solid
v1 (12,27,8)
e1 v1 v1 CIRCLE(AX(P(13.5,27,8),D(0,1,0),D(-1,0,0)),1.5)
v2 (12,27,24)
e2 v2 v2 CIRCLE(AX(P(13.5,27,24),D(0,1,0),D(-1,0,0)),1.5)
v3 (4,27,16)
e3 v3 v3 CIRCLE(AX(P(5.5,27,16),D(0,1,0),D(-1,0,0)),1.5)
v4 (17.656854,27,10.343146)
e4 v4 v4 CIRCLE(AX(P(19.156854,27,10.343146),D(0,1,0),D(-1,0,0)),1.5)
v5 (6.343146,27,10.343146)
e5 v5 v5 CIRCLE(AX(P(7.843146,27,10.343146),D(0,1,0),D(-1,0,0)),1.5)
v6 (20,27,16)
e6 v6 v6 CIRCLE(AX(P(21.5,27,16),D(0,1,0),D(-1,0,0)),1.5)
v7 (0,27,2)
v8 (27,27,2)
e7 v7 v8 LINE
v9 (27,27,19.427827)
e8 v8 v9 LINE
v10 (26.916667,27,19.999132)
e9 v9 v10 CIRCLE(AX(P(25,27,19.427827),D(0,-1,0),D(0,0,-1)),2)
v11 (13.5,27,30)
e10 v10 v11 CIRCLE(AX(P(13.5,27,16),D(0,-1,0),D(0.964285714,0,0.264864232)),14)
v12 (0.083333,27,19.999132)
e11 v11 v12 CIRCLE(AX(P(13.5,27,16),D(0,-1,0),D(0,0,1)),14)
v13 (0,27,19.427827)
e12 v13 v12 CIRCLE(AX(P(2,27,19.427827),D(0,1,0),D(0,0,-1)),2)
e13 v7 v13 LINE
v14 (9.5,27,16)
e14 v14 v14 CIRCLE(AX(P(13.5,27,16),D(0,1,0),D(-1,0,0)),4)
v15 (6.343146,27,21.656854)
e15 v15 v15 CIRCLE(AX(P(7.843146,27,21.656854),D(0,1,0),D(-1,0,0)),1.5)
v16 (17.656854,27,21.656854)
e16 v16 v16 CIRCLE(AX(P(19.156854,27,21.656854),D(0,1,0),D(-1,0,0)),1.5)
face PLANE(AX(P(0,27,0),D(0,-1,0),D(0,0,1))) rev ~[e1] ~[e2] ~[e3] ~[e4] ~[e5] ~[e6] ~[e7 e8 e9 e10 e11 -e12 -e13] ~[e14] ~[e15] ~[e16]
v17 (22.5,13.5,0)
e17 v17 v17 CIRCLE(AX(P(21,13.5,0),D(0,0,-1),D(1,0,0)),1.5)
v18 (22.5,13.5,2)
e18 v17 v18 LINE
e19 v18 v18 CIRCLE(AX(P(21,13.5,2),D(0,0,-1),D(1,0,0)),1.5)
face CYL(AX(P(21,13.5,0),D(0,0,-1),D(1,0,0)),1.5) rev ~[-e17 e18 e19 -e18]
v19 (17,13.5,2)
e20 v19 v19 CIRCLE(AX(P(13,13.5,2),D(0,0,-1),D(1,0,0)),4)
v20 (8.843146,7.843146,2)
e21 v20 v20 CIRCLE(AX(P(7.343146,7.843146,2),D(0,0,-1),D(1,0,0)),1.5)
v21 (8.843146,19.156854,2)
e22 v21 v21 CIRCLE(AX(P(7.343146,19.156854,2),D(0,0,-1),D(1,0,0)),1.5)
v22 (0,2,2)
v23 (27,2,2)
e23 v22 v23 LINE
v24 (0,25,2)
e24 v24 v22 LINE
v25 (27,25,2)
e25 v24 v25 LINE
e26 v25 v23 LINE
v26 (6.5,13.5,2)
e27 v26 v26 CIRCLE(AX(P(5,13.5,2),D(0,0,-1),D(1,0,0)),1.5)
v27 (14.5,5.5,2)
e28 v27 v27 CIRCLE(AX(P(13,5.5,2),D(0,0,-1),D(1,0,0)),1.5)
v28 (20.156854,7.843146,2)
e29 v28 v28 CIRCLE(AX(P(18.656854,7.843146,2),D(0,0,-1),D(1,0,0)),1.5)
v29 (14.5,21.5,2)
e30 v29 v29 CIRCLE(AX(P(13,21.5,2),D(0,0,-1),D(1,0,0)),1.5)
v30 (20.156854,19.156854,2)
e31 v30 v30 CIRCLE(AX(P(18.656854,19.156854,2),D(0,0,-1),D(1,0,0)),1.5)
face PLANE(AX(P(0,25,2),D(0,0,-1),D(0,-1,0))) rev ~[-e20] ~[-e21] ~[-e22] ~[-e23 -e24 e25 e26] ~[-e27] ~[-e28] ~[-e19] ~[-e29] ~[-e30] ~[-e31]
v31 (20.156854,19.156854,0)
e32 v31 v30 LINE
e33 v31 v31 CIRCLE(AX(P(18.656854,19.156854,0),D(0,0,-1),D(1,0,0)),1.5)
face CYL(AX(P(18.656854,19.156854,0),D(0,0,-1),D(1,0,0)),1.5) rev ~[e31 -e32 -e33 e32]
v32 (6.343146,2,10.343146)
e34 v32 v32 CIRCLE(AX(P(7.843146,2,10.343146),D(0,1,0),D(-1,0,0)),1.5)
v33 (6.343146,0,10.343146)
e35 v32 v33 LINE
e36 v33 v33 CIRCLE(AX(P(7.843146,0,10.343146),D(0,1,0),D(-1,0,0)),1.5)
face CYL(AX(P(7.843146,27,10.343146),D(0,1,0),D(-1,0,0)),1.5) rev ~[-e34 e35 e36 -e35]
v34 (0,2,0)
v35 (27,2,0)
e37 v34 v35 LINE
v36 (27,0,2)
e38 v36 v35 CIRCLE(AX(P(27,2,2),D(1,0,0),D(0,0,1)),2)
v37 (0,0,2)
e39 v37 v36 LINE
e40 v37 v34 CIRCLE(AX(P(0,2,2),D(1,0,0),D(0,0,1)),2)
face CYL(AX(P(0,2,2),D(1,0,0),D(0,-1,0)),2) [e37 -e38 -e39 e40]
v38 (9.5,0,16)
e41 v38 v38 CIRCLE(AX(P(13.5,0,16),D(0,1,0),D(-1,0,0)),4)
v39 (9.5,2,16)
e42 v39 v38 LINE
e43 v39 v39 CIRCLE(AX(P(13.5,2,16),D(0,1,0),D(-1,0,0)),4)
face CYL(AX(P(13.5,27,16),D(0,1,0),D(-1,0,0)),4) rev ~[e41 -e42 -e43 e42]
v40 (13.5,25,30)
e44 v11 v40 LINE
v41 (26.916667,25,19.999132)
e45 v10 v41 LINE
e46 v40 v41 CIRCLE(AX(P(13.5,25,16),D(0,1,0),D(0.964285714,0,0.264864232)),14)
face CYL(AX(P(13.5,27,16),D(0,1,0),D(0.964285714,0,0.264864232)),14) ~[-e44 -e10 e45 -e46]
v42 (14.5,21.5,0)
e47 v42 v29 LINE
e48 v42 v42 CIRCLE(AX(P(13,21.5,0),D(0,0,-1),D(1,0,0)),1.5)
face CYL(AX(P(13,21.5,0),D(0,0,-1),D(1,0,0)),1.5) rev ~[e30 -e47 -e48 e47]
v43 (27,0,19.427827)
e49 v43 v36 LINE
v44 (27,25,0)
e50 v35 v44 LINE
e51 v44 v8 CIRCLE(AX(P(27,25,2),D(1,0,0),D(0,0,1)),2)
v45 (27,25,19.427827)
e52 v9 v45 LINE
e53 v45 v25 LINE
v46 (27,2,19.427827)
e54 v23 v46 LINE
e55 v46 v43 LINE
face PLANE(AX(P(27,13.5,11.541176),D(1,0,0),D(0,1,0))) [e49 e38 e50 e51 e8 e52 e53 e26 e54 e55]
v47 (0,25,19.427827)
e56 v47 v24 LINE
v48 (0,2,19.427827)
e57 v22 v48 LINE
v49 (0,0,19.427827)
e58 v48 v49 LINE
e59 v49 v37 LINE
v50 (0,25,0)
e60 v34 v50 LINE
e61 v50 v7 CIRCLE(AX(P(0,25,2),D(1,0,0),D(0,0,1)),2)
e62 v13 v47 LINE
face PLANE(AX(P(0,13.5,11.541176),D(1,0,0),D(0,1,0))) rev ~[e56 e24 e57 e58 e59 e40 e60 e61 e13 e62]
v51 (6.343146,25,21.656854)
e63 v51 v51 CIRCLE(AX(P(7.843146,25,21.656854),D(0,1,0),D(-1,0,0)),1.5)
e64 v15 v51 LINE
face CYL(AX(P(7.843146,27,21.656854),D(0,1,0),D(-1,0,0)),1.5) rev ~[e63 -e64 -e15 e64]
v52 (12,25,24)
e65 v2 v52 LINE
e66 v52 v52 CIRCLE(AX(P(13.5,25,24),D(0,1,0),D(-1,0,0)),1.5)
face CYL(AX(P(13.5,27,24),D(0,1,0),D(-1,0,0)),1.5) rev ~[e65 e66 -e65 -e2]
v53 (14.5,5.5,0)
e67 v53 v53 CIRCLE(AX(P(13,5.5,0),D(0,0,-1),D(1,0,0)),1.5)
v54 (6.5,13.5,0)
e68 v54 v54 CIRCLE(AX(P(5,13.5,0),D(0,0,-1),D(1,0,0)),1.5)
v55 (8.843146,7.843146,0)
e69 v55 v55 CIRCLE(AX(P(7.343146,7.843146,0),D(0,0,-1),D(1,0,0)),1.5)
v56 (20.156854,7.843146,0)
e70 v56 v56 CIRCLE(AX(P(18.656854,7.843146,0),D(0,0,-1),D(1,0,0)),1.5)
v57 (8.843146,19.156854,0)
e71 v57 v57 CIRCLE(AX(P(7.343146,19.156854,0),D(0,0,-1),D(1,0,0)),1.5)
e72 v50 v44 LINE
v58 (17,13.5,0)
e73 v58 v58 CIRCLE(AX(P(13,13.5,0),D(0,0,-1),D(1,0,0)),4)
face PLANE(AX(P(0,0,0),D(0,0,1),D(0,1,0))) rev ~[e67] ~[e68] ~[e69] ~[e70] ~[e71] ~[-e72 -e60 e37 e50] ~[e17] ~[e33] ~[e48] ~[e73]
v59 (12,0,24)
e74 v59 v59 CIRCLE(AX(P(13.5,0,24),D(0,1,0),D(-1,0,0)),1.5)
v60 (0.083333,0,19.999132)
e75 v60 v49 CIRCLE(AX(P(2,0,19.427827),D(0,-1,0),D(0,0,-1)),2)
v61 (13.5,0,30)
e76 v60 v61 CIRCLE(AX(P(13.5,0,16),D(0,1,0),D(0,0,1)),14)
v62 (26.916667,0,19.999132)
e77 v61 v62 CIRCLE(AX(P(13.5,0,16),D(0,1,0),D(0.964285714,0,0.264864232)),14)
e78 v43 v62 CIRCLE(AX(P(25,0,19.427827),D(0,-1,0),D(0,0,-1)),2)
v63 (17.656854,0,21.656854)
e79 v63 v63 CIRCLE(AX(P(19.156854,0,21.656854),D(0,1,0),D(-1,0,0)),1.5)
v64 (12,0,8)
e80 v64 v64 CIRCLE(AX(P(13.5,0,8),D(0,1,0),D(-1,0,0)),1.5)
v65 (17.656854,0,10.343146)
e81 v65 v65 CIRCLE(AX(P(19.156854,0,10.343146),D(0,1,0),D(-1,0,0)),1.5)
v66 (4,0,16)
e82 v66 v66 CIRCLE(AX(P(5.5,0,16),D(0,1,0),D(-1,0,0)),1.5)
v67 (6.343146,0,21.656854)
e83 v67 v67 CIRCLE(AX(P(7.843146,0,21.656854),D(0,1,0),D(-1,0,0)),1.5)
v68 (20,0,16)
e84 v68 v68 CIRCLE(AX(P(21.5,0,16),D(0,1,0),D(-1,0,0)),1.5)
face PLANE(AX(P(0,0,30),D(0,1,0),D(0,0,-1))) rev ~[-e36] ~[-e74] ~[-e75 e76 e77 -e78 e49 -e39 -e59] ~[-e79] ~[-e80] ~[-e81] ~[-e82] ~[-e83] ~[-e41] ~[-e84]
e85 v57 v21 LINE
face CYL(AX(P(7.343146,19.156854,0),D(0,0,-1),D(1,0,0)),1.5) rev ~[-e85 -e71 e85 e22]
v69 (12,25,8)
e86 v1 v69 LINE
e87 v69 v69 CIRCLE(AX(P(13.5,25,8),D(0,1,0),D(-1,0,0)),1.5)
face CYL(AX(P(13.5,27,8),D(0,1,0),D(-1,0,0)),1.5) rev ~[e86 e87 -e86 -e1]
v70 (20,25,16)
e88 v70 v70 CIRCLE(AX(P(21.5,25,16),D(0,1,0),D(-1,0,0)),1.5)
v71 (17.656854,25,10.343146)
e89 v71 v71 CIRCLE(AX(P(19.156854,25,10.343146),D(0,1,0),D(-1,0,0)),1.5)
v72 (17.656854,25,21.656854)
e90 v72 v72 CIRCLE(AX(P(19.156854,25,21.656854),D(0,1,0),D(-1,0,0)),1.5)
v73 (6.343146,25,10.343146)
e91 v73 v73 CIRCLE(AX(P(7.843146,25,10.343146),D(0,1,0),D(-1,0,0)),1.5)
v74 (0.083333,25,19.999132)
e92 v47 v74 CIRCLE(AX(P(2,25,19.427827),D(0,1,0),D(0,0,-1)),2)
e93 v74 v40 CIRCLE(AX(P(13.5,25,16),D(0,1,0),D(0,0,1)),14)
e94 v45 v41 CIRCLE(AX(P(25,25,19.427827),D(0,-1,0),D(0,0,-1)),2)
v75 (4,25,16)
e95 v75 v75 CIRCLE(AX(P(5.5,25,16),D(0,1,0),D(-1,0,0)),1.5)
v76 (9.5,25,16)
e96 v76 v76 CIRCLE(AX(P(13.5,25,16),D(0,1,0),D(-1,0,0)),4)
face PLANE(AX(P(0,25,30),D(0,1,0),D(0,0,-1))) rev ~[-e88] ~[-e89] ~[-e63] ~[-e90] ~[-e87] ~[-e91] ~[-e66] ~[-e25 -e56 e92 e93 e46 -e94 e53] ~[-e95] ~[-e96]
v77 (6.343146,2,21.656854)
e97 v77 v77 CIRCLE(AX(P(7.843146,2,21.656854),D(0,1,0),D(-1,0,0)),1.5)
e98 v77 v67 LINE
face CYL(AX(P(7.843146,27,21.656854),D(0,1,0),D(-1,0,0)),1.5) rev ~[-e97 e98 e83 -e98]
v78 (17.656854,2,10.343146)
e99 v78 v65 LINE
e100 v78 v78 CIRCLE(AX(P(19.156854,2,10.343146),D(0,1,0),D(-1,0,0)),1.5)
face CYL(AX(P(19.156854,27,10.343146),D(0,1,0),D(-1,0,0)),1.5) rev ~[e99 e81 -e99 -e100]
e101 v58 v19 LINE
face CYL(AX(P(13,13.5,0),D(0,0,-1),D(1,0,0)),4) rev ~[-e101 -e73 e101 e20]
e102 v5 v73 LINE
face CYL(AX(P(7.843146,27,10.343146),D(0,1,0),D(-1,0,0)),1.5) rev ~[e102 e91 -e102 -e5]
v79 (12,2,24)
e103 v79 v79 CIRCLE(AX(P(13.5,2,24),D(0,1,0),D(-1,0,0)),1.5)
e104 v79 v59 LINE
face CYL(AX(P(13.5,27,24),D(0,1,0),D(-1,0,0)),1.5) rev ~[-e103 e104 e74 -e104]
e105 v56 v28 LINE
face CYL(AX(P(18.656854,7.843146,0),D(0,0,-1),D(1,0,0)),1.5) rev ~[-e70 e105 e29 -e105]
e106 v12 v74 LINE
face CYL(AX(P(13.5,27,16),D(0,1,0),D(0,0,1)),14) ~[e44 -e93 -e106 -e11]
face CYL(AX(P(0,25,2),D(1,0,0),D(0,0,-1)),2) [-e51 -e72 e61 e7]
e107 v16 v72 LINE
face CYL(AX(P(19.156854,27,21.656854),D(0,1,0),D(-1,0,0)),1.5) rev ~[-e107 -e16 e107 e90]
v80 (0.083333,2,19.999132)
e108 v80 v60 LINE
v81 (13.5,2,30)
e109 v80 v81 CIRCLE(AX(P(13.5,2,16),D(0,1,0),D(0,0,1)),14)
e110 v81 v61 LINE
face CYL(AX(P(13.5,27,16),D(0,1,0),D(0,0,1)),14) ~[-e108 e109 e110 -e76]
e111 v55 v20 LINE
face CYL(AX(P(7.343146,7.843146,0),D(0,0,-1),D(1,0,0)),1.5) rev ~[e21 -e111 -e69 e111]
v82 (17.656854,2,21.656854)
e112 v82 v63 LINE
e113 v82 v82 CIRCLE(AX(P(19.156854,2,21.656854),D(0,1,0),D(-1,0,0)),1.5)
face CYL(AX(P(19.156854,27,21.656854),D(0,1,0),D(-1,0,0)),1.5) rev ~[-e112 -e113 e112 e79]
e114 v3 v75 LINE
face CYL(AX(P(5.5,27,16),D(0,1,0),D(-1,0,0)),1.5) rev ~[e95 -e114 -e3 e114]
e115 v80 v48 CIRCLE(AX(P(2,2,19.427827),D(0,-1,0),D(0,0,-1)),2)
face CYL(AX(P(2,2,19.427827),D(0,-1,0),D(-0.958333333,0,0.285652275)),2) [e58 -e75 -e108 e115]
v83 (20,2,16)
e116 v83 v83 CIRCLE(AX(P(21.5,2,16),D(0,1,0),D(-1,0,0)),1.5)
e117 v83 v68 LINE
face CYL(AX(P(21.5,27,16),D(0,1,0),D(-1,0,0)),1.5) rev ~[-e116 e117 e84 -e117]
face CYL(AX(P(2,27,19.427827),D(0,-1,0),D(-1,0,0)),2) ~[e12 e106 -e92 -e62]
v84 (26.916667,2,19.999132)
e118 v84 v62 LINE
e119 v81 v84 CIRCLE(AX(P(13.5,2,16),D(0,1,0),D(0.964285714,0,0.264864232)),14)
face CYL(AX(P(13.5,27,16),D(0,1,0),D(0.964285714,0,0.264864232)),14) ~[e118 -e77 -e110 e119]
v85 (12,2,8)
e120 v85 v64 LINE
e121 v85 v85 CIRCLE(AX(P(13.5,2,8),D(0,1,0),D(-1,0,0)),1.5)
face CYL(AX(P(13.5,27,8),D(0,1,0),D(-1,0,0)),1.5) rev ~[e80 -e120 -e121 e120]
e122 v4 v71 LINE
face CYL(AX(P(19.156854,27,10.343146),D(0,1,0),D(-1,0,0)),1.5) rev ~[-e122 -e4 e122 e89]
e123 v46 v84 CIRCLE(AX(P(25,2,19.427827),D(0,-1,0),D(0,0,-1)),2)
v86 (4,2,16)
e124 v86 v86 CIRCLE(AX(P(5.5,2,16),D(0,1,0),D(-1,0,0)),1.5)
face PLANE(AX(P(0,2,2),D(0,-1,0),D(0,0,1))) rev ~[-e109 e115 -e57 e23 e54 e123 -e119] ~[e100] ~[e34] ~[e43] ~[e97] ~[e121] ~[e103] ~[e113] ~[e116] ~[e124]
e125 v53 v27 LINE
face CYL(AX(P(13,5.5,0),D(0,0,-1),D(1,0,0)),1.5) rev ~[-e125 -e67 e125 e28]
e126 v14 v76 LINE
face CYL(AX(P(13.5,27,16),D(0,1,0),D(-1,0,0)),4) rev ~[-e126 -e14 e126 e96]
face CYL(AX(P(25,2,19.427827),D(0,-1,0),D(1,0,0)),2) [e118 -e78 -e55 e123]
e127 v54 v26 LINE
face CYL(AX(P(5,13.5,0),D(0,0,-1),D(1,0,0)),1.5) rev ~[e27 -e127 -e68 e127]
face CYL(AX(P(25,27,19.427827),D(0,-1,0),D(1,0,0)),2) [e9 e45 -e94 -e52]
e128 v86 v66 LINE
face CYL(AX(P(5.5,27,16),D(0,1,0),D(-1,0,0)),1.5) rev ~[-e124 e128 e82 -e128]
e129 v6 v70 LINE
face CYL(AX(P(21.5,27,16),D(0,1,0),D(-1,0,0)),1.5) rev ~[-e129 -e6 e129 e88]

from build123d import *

# Parameters (mm, degrees)
F1_DEPTH = 27
F2_R     = 1.5
F2_R_2   = 4
F3_DEPTH = 27.001
F5_DEPTH = 27.001
F6_R     = 2
F7_R     = 4
F7_R_2   = 1.5
F8_DEPTH = 25


with BuildPart() as f1:
    # F0 (on Right) → F1 (new body)
    with BuildSketch(Plane.YZ):
        Polygon((0, 30), (0, 0), (27, 0), (27, 30), (25, 30), (25, 2), (2, 2), (2, 30), align=None)
    extrude(amount=F1_DEPTH)

    # F2 (on face) → F3 (cut, through all)
    with BuildSketch(Plane(origin=(0, 27, 0), x_dir=(-1, 0, 0), z_dir=(0, 1, 0))):
        with Locations((-13.5, 24)):
            Circle(F2_R)
        with Locations((-7.8431457505, 21.6568542495)):
            Circle(F2_R)
        with Locations((-5.5, 16)):
            Circle(F2_R)
        with Locations((-7.8431457505, 10.3431457505)):
            Circle(F2_R)
        with Locations((-13.5, 8)):
            Circle(F2_R)
        with Locations((-19.1568542495, 10.3431457505)):
            Circle(F2_R)
        with Locations((-21.5, 16)):
            Circle(F2_R)
        with Locations((-13.5, 16)):
            Circle(F2_R_2)
        with Locations((-19.1568542495, 21.6568542495)):
            Circle(F2_R)
    extrude(amount=-F3_DEPTH, mode=Mode.SUBTRACT)

    # F4 (on face) → F5 (cut, through all)
    with BuildSketch(Plane(origin=(0, 27, 0), x_dir=(-1, 0, 0), z_dir=(0, 1, 0))):
        with BuildLine():
            ThreePointArc((-27, 19.7080992435), (-21.9878327796, 27.1335840907), (-13.5, 30))
            Line((-13.5, 30), (-27, 30))
            Line((-27, 30), (-27, 19.7080992435))
        make_face()
        with BuildLine():
            ThreePointArc((-13.5, 30), (-5.0121672204, 27.1335840907), (0, 19.7080992435))
            Line((0, 19.7080992435), (0, 30))
            Line((0, 30), (-13.5, 30))
        make_face()
    extrude(amount=-F5_DEPTH, mode=Mode.SUBTRACT)

    # F6
    f6_edges = [f1.edges().sort_by_distance(p)[0] for p in [
        (27, 1, 19.708099),
        (0, 1, 19.708099),
        (0, 26, 19.708099),
        (27, 26, 19.708099),
        (13.5, 27, 0),
        (13.5, 0, 0),
    ]]
    fillet(f6_edges, radius=F6_R)

    # F7 (on face) → F8 (cut)
    with BuildSketch(Plane(origin=(0, 0, 0), x_dir=(1, 0, 0), z_dir=(0, 0, -1))):
        with Locations((13, -13.5)):
            Circle(F7_R)
        with Locations((21, -13.5)):
            Circle(F7_R_2)
        with Locations((18.6568542495, -19.1568542495)):
            Circle(F7_R_2)
        with Locations((13, -21.5)):
            Circle(F7_R_2)
        with Locations((7.3431457505, -19.1568542495)):
            Circle(F7_R_2)
        with Locations((5, -13.5)):
            Circle(F7_R_2)
        with Locations((7.3431457505, -7.8431457505)):
            Circle(F7_R_2)
        with Locations((13, -5.5)):
            Circle(F7_R_2)
        with Locations((18.6568542495, -7.8431457505)):
            Circle(F7_R_2)
    extrude(amount=-F8_DEPTH, mode=Mode.SUBTRACT)


solid = f1.part
